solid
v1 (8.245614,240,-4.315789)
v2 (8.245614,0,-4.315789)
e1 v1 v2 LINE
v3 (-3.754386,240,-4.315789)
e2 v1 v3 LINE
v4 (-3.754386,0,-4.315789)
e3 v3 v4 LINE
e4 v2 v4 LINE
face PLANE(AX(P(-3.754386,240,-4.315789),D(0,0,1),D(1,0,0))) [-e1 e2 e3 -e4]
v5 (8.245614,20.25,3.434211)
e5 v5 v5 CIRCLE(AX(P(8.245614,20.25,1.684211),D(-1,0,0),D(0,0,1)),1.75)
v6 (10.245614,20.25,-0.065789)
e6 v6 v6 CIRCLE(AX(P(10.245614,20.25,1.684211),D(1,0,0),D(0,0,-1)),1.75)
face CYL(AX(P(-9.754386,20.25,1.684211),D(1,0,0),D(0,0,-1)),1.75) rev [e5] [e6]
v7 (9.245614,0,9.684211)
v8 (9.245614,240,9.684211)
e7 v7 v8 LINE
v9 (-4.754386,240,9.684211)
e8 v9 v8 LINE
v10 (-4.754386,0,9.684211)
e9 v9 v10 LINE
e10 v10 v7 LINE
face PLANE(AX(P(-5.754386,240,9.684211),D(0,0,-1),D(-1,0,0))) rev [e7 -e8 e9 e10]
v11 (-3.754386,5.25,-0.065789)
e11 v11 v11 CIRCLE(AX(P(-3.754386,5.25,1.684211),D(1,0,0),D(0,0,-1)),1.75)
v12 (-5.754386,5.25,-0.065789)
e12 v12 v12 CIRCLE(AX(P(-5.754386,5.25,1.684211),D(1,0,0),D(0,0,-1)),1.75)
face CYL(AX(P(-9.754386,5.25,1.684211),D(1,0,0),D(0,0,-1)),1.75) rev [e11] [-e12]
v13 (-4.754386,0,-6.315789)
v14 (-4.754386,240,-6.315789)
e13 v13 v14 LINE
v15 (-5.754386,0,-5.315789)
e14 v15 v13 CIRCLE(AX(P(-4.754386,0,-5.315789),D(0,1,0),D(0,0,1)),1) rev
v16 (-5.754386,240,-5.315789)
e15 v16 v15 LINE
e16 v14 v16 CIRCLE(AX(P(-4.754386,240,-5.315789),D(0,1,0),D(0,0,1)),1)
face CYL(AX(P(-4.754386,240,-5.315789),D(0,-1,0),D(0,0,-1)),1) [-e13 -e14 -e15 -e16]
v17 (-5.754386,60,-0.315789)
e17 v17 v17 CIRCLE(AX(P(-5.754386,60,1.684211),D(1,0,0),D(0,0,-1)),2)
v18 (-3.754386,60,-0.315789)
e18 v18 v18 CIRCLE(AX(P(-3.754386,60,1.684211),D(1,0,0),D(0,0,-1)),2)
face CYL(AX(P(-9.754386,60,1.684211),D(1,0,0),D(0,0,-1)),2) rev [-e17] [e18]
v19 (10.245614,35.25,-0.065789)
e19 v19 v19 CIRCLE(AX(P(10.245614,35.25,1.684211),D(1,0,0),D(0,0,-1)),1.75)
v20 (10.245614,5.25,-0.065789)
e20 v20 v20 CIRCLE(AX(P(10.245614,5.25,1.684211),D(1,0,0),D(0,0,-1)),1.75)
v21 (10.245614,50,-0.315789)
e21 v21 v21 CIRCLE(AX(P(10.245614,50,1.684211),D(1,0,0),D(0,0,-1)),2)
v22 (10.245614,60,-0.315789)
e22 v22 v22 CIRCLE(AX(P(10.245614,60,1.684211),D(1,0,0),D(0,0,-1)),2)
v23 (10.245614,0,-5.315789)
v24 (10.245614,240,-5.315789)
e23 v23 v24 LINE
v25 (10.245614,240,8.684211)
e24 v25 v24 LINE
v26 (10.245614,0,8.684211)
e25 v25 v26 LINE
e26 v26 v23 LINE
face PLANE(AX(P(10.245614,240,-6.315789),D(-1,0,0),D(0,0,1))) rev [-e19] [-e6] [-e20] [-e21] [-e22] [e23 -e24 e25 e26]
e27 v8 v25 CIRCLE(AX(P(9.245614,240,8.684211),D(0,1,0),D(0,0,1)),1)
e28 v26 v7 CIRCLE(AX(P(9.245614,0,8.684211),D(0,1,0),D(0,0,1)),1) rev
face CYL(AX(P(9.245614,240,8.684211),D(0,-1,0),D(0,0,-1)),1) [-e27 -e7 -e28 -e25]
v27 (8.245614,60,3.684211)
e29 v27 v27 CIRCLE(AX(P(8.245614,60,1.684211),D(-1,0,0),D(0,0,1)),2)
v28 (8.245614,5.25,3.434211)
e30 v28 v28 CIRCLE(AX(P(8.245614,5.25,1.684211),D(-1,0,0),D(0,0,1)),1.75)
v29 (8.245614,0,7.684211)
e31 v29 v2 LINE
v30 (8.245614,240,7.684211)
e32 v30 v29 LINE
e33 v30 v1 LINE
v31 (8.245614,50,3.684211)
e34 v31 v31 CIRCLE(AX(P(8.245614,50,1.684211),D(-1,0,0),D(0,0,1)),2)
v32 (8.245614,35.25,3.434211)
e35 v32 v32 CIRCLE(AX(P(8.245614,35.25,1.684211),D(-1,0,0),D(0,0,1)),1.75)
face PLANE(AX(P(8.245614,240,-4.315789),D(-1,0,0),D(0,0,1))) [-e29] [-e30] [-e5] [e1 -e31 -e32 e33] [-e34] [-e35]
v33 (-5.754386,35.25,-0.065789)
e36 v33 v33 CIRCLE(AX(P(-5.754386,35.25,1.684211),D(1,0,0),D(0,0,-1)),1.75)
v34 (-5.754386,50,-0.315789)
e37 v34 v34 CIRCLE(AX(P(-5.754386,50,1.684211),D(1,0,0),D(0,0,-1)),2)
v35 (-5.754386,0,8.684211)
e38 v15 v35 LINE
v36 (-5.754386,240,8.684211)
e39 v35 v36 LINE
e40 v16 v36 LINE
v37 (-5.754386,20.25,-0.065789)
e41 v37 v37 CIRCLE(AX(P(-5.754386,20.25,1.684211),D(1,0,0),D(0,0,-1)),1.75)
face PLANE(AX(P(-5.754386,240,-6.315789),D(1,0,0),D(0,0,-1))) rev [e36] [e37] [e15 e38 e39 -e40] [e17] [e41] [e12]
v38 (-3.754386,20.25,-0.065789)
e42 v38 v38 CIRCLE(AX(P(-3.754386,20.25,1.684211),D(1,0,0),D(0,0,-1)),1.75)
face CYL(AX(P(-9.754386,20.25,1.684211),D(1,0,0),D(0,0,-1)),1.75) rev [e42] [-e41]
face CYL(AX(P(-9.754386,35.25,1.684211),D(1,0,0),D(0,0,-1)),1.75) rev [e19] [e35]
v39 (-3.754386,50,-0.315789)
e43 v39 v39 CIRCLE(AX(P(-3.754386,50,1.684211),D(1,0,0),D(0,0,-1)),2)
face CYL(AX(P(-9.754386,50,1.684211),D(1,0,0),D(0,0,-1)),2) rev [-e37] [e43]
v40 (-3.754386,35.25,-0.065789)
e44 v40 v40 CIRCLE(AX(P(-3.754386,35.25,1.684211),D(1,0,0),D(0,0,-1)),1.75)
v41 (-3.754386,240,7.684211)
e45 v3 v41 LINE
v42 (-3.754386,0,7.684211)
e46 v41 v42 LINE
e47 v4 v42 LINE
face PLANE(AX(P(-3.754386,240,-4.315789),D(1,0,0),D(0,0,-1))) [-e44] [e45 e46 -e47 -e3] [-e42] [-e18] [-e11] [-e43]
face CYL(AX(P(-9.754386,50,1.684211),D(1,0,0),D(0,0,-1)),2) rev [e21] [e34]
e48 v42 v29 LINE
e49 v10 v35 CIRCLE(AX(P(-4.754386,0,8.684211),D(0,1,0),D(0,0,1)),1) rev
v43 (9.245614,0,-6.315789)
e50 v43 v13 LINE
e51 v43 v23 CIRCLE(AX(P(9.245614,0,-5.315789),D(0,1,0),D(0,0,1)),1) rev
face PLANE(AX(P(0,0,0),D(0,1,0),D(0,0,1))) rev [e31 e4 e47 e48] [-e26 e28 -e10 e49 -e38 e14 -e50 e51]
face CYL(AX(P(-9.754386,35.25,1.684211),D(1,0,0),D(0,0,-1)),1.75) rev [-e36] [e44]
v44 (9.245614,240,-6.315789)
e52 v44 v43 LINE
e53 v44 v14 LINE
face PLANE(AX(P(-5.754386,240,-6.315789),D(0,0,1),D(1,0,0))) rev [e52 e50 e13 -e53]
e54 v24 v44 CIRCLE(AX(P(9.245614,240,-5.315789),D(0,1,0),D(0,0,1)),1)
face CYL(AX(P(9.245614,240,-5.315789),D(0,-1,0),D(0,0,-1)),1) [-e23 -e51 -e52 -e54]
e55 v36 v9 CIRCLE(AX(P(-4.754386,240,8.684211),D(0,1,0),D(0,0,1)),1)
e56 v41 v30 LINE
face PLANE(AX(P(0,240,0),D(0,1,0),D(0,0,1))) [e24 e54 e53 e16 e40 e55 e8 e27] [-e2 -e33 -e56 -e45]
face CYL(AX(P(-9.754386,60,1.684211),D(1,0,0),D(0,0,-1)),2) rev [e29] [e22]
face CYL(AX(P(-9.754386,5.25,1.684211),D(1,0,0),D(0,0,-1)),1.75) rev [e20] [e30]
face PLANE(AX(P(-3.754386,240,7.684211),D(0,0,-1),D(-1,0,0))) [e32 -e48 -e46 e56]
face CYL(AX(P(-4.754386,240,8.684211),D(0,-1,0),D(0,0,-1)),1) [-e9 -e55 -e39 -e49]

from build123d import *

# Parameters (mm, degrees)
SKETCH1_W           = 16
SKETCH1_H           = 16
SKETCH1_W_2         = 12
SKETCH1_H_2         = 12
BOSS_EXTRUDE1_DEPTH = 240
FILLET1_R           = 1
SKETCH2_R           = 1.75
CUT_EXTRUDE1_DEPTH  = 20
SKETCH3_R           = 2
CUT_EXTRUDE2_DEPTH  = 20


with BuildPart() as part:
    # Sketch1 → Boss-Extrude1 (new body)
    with BuildSketch(Plane(origin=(0, 0, 0), x_dir=(1, 0, 0), z_dir=(0, 1, 0))):
        with Locations((2.245614035, -1.684210526)):
            Rectangle(SKETCH1_W, SKETCH1_H)
        with Locations((2.245614035, -1.684210526)):
            Rectangle(SKETCH1_W_2, SKETCH1_H_2, mode=Mode.SUBTRACT)
    extrude(amount=BOSS_EXTRUDE1_DEPTH)

    # Fillet1
    fillet1_edges = [part.edges().sort_by_distance(p)[0] for p in [
        (-5.754385965, 120, -6.315789474),
        (10.245614035, 120, -6.315789474),
        (10.245614035, 120, 9.684210526),
        (-5.754385965, 120, 9.684210526),
    ]]
    fillet(fillet1_edges, radius=FILLET1_R)

    # Sketch2 → Cut-Extrude1 (cut)
    with BuildSketch(Plane(origin=(10.245614035, 0, 0), x_dir=(0, 0, -1), z_dir=(1, 0, 0))):
        with Locations((-1.684210526, 35.25)):
            Circle(SKETCH2_R)
        with Locations((-1.684210526, 5.25)):
            Circle(SKETCH2_R)
        with Locations((-1.684210526, 20.25)):
            Circle(SKETCH2_R)
    extrude(amount=-CUT_EXTRUDE1_DEPTH, mode=Mode.SUBTRACT)

    # Sketch3 → Cut-Extrude2 (cut)
    with BuildSketch(Plane(origin=(10.245614035, 0, 0), x_dir=(0, 0, -1), z_dir=(1, 0, 0))):
        with Locations((-1.684210526, 60)):
            Circle(SKETCH3_R)
        with Locations((-1.684210526, 50)):
            Circle(SKETCH3_R)
    extrude(amount=-CUT_EXTRUDE2_DEPTH, mode=Mode.SUBTRACT)


solid = part.part
